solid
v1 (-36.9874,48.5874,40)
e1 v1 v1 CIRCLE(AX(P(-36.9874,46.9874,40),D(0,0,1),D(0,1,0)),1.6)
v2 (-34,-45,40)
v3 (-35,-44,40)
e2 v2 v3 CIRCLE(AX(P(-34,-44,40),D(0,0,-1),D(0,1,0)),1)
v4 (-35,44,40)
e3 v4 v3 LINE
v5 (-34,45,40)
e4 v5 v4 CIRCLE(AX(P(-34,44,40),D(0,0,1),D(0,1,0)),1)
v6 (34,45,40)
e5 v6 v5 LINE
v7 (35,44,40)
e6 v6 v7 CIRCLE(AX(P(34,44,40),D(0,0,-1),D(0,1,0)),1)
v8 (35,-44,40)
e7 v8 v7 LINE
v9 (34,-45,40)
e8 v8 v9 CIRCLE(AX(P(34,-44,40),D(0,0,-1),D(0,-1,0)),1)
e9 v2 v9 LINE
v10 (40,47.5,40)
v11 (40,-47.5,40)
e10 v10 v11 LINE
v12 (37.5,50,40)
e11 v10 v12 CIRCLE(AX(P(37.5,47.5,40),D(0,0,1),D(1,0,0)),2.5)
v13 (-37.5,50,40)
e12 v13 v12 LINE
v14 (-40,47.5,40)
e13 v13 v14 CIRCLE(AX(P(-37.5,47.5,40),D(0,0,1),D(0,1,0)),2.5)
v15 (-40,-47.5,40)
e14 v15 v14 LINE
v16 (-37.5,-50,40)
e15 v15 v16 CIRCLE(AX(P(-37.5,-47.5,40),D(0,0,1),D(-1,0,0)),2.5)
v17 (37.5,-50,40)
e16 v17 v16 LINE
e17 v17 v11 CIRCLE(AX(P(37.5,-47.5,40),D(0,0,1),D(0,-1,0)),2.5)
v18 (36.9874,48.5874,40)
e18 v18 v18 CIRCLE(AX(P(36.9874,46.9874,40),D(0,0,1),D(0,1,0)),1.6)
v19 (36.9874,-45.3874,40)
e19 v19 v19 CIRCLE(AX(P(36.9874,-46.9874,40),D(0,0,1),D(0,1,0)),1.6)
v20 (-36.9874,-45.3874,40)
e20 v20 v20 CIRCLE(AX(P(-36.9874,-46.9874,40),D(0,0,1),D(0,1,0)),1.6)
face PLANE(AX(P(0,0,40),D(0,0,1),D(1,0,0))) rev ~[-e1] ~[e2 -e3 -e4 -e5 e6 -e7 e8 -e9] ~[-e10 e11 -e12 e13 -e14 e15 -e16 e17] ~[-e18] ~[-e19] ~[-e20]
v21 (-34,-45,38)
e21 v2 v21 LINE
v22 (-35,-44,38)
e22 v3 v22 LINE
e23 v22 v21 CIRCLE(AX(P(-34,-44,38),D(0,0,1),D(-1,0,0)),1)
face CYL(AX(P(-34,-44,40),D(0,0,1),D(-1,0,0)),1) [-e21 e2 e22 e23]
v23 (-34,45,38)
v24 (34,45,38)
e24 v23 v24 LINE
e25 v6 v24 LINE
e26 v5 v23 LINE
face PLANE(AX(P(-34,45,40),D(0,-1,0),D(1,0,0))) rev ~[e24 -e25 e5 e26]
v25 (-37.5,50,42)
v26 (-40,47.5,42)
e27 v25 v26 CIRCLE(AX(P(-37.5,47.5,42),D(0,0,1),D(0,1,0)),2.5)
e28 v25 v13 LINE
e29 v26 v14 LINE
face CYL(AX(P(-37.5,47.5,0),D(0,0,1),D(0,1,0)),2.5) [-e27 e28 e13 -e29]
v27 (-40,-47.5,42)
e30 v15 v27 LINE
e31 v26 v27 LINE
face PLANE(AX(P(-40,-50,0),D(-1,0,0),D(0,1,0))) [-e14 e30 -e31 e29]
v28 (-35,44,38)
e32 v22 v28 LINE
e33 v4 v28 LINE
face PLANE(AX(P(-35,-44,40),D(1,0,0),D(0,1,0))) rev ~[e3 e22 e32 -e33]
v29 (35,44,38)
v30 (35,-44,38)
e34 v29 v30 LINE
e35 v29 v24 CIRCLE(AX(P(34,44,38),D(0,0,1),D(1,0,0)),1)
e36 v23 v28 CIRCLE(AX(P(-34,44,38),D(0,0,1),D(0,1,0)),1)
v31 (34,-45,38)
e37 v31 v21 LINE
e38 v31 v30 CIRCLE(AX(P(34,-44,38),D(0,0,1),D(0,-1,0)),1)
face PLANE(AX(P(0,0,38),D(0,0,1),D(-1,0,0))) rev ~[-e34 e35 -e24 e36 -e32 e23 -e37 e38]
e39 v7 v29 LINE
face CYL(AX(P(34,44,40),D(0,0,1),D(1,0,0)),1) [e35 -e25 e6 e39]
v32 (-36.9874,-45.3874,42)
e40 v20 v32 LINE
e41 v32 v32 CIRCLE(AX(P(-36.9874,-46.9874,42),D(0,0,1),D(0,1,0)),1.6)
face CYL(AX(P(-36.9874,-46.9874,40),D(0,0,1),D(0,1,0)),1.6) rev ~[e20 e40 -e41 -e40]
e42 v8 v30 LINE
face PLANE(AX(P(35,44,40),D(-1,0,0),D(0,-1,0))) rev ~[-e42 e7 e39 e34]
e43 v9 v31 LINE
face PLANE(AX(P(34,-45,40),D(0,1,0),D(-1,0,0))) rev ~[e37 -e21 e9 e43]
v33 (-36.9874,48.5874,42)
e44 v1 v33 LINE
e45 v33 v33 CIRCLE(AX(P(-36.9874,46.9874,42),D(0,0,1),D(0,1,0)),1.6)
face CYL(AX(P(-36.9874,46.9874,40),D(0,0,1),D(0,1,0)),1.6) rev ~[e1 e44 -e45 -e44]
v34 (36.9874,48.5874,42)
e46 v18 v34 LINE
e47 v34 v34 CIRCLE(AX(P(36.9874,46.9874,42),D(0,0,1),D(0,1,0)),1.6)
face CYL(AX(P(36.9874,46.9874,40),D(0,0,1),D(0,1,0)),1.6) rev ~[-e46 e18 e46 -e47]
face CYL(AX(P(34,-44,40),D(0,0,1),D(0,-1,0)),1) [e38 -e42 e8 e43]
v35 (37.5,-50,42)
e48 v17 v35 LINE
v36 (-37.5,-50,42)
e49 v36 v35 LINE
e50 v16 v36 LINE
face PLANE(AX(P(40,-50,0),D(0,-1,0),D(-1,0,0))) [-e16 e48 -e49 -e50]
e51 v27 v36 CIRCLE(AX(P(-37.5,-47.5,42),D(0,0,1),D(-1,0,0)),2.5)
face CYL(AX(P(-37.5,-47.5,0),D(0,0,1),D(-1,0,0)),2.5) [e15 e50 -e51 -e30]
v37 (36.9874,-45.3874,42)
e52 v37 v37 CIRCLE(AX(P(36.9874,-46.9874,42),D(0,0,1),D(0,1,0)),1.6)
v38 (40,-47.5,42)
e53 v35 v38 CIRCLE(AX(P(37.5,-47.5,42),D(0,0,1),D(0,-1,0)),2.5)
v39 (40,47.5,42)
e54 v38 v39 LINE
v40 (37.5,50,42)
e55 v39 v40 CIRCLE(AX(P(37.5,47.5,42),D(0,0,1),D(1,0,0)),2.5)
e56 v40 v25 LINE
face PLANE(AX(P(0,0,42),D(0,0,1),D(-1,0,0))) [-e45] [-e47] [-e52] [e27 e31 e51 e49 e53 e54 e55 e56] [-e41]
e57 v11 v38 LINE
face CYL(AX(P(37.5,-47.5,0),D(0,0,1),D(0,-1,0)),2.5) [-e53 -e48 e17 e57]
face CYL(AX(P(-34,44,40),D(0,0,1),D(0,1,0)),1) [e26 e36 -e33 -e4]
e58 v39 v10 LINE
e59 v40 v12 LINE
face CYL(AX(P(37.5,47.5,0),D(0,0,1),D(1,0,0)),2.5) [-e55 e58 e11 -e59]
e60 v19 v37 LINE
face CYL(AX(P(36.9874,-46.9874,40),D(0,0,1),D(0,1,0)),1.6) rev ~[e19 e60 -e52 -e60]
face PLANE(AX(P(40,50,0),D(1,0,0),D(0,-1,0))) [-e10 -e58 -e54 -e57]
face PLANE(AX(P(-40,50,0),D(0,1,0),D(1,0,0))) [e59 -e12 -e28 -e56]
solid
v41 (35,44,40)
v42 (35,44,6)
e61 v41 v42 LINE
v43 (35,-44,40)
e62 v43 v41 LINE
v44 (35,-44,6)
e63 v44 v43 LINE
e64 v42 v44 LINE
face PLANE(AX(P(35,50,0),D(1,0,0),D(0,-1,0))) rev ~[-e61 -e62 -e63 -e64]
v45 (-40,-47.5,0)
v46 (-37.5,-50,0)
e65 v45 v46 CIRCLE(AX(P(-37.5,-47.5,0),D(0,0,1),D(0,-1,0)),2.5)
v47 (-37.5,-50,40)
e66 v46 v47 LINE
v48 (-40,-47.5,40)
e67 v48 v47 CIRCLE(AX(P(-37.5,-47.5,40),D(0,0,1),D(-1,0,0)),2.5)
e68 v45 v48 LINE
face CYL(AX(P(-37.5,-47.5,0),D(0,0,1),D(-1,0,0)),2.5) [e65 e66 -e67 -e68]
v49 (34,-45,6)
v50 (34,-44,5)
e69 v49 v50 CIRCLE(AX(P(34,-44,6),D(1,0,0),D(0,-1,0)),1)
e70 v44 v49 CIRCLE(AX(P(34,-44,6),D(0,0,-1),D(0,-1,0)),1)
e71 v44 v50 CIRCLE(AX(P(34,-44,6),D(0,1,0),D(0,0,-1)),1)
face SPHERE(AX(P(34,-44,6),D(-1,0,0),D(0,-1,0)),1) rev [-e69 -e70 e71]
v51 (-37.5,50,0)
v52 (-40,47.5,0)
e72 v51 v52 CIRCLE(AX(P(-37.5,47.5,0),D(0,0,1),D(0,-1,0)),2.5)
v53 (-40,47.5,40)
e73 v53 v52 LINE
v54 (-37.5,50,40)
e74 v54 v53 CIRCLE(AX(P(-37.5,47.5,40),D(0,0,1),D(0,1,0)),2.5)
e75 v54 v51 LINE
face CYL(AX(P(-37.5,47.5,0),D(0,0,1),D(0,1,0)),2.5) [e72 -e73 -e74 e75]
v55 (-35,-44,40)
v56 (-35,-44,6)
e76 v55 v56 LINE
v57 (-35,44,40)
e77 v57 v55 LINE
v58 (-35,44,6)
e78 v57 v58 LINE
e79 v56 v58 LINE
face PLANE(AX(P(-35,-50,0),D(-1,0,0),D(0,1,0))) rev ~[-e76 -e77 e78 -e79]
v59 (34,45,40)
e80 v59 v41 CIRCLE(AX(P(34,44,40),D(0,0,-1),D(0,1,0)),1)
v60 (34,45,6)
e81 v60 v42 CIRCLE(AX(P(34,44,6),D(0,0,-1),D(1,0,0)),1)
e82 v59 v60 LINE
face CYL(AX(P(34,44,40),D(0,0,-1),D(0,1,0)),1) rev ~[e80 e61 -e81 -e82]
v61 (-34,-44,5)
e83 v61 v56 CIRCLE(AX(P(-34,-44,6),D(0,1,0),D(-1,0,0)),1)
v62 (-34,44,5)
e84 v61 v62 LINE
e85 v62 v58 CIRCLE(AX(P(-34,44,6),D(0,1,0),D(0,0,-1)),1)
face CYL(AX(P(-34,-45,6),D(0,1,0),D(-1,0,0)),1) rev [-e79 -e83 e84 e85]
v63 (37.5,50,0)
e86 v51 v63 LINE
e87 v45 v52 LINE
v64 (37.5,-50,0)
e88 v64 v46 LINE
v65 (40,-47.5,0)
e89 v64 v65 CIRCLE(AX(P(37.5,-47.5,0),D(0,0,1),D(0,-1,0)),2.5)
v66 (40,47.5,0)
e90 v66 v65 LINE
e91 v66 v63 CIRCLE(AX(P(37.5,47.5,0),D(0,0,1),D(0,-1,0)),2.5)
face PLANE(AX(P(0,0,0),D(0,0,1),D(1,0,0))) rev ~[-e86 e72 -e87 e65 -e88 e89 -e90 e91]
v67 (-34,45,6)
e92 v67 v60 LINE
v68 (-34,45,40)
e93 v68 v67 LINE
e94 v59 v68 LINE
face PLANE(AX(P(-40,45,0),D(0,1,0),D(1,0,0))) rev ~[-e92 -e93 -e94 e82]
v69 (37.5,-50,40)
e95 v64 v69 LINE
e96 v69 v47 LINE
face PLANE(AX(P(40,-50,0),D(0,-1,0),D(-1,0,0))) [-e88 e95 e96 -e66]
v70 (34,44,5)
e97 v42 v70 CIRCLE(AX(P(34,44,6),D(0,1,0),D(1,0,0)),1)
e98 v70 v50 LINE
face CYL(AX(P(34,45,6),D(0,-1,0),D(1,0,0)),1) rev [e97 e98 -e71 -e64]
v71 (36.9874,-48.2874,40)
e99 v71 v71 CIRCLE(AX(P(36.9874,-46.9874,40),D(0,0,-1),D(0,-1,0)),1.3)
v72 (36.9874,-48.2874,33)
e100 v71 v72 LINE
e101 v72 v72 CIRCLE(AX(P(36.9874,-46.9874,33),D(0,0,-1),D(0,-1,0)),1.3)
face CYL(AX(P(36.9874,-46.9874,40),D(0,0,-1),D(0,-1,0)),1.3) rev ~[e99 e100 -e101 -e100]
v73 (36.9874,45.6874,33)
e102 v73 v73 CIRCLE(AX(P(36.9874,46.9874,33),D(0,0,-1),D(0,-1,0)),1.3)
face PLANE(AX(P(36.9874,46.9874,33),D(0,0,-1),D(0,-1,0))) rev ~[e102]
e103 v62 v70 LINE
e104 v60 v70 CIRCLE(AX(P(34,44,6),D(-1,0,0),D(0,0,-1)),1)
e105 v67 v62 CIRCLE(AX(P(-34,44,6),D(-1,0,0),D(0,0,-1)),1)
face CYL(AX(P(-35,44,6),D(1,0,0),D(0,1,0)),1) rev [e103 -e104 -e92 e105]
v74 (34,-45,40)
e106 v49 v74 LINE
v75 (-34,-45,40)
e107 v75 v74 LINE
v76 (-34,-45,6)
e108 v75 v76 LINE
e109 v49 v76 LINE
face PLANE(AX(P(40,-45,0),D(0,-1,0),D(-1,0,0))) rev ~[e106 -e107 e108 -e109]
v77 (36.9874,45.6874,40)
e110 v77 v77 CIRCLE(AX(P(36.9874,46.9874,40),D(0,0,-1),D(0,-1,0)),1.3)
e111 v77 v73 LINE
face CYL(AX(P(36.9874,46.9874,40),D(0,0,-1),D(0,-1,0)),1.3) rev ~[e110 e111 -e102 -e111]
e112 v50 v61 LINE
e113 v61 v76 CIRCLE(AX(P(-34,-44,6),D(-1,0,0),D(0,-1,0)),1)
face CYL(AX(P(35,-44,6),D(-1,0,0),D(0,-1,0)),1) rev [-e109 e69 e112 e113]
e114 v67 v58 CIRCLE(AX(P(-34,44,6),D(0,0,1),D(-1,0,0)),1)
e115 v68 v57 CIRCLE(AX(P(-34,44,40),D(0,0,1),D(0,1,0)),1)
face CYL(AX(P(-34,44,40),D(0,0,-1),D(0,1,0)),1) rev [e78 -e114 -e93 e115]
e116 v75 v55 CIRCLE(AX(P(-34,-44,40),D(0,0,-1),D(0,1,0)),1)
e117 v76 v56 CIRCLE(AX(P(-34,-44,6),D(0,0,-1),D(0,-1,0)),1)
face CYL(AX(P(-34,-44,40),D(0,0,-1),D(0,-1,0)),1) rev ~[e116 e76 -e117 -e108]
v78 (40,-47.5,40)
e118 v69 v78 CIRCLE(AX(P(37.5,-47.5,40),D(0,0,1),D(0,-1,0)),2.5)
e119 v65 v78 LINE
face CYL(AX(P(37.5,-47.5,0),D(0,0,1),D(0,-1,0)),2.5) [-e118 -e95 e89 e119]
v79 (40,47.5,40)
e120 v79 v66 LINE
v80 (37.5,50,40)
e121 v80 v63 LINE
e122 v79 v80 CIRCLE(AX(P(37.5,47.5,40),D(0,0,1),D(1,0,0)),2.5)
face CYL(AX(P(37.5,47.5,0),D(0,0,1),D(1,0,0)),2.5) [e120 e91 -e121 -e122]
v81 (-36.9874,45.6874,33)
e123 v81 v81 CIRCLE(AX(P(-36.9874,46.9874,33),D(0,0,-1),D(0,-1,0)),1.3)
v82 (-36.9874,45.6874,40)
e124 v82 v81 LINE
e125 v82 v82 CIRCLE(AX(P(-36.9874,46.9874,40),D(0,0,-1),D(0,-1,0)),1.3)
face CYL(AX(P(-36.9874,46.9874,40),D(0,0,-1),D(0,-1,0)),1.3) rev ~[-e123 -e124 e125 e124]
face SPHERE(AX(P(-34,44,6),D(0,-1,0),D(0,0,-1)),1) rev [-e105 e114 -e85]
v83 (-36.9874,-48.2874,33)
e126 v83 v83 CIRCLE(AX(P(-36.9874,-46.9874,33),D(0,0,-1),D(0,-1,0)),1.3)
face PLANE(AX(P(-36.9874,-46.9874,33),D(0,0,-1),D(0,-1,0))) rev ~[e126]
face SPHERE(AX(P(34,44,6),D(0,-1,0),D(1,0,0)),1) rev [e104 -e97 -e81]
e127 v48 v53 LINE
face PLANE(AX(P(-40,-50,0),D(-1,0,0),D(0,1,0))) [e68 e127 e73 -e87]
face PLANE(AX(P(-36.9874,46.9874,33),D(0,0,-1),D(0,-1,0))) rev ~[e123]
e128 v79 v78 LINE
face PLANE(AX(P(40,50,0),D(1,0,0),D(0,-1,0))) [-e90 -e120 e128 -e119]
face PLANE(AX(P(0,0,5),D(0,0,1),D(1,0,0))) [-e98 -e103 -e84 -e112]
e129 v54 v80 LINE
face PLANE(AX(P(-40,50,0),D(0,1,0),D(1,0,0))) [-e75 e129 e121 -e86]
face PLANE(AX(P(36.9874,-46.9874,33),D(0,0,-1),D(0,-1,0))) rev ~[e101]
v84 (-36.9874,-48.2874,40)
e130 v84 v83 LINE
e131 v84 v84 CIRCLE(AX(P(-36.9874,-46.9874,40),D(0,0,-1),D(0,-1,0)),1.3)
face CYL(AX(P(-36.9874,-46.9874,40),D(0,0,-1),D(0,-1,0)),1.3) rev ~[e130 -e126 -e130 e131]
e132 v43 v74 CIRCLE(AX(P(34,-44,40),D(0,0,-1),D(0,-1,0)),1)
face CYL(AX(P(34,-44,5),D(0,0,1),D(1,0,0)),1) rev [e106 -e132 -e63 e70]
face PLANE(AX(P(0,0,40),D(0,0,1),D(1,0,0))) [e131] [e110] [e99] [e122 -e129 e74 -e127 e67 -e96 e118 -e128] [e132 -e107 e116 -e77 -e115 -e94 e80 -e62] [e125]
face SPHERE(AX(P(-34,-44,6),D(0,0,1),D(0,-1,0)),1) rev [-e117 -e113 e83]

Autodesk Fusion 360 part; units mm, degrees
sketch "Sketch1" plane through (0, 0, 0) normal (0, 0, 1) x (1, 0, 0)
  line L0 (40, -50) -> (-40, -50)
  line L1 (-40, -50) -> (-40, 50)
  line L2 (-40, 50) -> (40, 50)
  line L3 (40, 50) -> (40, -50)
  line L4 (40, -50) -> (-40, 50) construction
  line L5 (-40, -50) -> (40, 50) construction
  dimension "d1" = 80
  dimension "d2" = 100
extrude "Extrude1" add sketch "Sketch1" along normal blind 40 makes body 1
shell "Shell1" thickness 5 removed faces 1 at (13.3333, -16.6667, 40) on bodies 1
fillet "Fillet1" radius 2.5 1 edges at (40, -50, 20) on bodies 1
fillet "Fillet2" radius 2.5 1 edges at (40, 50, 20) on bodies 1
fillet "Fillet3" radius 2.5 1 edges at (-40, 50, 20) on bodies 1
fillet "Fillet4" radius 2.5 1 edges at (-40, -50, 20) on bodies 1
fillet "Fillet5" radius 1 8 edges at (-35, -45, 22.5) (0, -45, 5) (-35, 0, 5) (35, -45, 22.5) (35, 0, 5) (35, 45, 22.5) (0, 45, 5) (-35, 45, 22.5) on bodies 1
sketch "Sketch2" plane through (0, 0, 40) normal (0, 0, 1) x (-1, 0, 0)
  arc A0 (40, 47.5) -> (37.5, 50) centre (37.5, 47.5) ccw
  line L0 (37.5, 50) -> (-37.5, 50)
  arc A1 (-37.5, 50) -> (-40, 47.5) centre (-37.5, 47.5) ccw
  line L1 (-40, 47.5) -> (-40, -47.5)
  arc A2 (-40, -47.5) -> (-37.5, -50) centre (-37.5, -47.5) ccw
  line L2 (-37.5, -50) -> (37.5, -50)
  arc A3 (37.5, -50) -> (40, -47.5) centre (37.5, -47.5) ccw
  line L3 (40, -47.5) -> (40, 47.5)
  line L4 (-35, -44) -> (-35, 44)
  arc A4 (-34, 45) -> (-35, 44) centre (-34, 44) ccw
  line L5 (-34, 45) -> (34, 45)
  arc A5 (35, 44) -> (34, 45) centre (34, 44) ccw
  line L6 (35, 44) -> (35, -44)
  arc A6 (34, -45) -> (35, -44) centre (34, -44) ccw
  line L7 (34, -45) -> (-34, -45)
  arc A7 (-35, -44) -> (-34, -45) centre (-34, -44) ccw
  line L8 (-39.2678, 49.2678) -> (-34.7071, 49.2678) construction
  line L9 (-34.7071, 49.2678) -> (-34.7071, 44.7071) construction
  line L10 (-34.7071, 44.7071) -> (-39.2678, 44.7071) construction
  line L11 (-39.2678, 44.7071) -> (-39.2678, 49.2678) construction
  line L12 (34.7071, -44.7071) -> (39.2678, -44.7071) construction
  line L13 (39.2678, -44.7071) -> (39.2678, -49.2678) construction
  line L14 (39.2678, -49.2678) -> (34.7071, -49.2678) construction
  line L15 (34.7071, -49.2678) -> (34.7071, -44.7071) construction
  line L16 (36.9874, -46.9874) -> (-36.9874, -46.9874)
  line L17 (-36.9874, -46.9874) -> (-36.9874, 46.9874)
  line L18 (-36.9874, 46.9874) -> (36.9874, 46.9874)
  line L19 (36.9874, 46.9874) -> (36.9874, -46.9874)
extrude "Extrude2" add sketch "Sketch2" along normal blind 2 contours A0 L0 A1 L1 A2 L2 A3 L3 | L4 A4 L5 A5 L6 A6 L7 A7 | L16 L17 L18 L19 bodies 1
ref_plane "WorkPlane1" through (0, 0, 40) normal (0, 0, 1) x (-1, 0, 0)
split "Split1" by plane through (0, 0, 40) normal (0, 0, 1) bodies 1 makes body 2 at (13.3333, 15.8333, 42)
sketch "Sketch3" plane through (0, 0, 42) normal (0, 0, 1) x (-1, 0, 0)
  line L0 (40, -47.5) -> (40, 47.5)
  arc A0 (40, 47.5) -> (37.5, 50) centre (37.5, 47.5) ccw
  line L1 (37.5, 50) -> (-37.5, 50)
  arc A1 (-37.5, 50) -> (-40, 47.5) centre (-37.5, 47.5) ccw
  line L2 (-40, 47.5) -> (-40, -47.5)
  arc A2 (-40, -47.5) -> (-37.5, -50) centre (-37.5, -47.5) ccw
  line L3 (-37.5, -50) -> (37.5, -50)
  arc A3 (37.5, -50) -> (40, -47.5) centre (37.5, -47.5) ccw
sketch "Sketch4" plane through (0, 0, 40) normal (0, 0, 1) x (-1, 0, 0)
  line L0 (37, 47) -> (-37, 47) construction
  line L1 (-37, 47) -> (-37, -47) construction
  line L2 (-37, -47) -> (37, -47) construction
  line L3 (37, -47) -> (37, 47) construction
  line L4 (-34, -45) -> (34, -45)
  line L5 (35, -44) -> (35, 44)
  line L6 (34, 45) -> (-34, 45)
  line L7 (-35, 44) -> (-35, -44)
  line L8 (-35, -45) -> (35, 45) construction
  line L9 (35, -45) -> (-35, 45) construction
  arc A0 (35, 44) -> (34, 45) centre (34, 44) ccw
  arc A1 (34, -45) -> (35, -44) centre (34, -44) ccw
  arc A2 (-35, -44) -> (-34, -45) centre (-34, -44) ccw
  arc A3 (-34, 45) -> (-35, 44) centre (-34, 44) ccw
  dimension "d29" = 70
  dimension "d30" = 90
  dimension "d31" = 1
  dimension "d32" = 1
  dimension "d33" = 1
hole "Hole5" at (-36.9874, 46.9874, 40) at (36.9874, 46.9874, 40) at (36.9874, -46.9874, 40) at (-36.9874, -46.9874, 40) direction (0, 0, -1) diameter 2.6 depth 7 tip angle 180 bodies 1
extrude "Extrude4" add sketch "Sketch2" against normal blind 2 contours L4 A4 L5 A5 L6 A6 L7 A7 bodies 2
hole "Hole6" at (-36.9874, 46.9874, 40) at (36.9874, 46.9874, 40) at (36.9874, -46.9874, 40) at (-36.9874, -46.9874, 40) direction (0, 0, 1) diameter 3.2 depth 2 tip angle 180 bodies 2
equation "d1 = BoxDepth"
equation "d2 = BoxWidth"
equation "BoxWidth = 100 mm"
equation "BoxDepth = 80 mm"
equation "BoxHeight = 40 mm"
equation "WallThickness = 5 mm"
equation "d9 = WallThickness"
equation "OuterFillet = 2.5 mm"
equation "d12 = OuterFillet"
equation "d14 = OuterFillet"
equation "d16 = OuterFillet"
equation "d18 = OuterFillet"
equation "InnerFillet = 1 mm"
equation "d21 = InnerFillet"
equation "d31 = InnerFillet"
equation "d32 = InnerFillet"
equation "d33 = InnerFillet"
